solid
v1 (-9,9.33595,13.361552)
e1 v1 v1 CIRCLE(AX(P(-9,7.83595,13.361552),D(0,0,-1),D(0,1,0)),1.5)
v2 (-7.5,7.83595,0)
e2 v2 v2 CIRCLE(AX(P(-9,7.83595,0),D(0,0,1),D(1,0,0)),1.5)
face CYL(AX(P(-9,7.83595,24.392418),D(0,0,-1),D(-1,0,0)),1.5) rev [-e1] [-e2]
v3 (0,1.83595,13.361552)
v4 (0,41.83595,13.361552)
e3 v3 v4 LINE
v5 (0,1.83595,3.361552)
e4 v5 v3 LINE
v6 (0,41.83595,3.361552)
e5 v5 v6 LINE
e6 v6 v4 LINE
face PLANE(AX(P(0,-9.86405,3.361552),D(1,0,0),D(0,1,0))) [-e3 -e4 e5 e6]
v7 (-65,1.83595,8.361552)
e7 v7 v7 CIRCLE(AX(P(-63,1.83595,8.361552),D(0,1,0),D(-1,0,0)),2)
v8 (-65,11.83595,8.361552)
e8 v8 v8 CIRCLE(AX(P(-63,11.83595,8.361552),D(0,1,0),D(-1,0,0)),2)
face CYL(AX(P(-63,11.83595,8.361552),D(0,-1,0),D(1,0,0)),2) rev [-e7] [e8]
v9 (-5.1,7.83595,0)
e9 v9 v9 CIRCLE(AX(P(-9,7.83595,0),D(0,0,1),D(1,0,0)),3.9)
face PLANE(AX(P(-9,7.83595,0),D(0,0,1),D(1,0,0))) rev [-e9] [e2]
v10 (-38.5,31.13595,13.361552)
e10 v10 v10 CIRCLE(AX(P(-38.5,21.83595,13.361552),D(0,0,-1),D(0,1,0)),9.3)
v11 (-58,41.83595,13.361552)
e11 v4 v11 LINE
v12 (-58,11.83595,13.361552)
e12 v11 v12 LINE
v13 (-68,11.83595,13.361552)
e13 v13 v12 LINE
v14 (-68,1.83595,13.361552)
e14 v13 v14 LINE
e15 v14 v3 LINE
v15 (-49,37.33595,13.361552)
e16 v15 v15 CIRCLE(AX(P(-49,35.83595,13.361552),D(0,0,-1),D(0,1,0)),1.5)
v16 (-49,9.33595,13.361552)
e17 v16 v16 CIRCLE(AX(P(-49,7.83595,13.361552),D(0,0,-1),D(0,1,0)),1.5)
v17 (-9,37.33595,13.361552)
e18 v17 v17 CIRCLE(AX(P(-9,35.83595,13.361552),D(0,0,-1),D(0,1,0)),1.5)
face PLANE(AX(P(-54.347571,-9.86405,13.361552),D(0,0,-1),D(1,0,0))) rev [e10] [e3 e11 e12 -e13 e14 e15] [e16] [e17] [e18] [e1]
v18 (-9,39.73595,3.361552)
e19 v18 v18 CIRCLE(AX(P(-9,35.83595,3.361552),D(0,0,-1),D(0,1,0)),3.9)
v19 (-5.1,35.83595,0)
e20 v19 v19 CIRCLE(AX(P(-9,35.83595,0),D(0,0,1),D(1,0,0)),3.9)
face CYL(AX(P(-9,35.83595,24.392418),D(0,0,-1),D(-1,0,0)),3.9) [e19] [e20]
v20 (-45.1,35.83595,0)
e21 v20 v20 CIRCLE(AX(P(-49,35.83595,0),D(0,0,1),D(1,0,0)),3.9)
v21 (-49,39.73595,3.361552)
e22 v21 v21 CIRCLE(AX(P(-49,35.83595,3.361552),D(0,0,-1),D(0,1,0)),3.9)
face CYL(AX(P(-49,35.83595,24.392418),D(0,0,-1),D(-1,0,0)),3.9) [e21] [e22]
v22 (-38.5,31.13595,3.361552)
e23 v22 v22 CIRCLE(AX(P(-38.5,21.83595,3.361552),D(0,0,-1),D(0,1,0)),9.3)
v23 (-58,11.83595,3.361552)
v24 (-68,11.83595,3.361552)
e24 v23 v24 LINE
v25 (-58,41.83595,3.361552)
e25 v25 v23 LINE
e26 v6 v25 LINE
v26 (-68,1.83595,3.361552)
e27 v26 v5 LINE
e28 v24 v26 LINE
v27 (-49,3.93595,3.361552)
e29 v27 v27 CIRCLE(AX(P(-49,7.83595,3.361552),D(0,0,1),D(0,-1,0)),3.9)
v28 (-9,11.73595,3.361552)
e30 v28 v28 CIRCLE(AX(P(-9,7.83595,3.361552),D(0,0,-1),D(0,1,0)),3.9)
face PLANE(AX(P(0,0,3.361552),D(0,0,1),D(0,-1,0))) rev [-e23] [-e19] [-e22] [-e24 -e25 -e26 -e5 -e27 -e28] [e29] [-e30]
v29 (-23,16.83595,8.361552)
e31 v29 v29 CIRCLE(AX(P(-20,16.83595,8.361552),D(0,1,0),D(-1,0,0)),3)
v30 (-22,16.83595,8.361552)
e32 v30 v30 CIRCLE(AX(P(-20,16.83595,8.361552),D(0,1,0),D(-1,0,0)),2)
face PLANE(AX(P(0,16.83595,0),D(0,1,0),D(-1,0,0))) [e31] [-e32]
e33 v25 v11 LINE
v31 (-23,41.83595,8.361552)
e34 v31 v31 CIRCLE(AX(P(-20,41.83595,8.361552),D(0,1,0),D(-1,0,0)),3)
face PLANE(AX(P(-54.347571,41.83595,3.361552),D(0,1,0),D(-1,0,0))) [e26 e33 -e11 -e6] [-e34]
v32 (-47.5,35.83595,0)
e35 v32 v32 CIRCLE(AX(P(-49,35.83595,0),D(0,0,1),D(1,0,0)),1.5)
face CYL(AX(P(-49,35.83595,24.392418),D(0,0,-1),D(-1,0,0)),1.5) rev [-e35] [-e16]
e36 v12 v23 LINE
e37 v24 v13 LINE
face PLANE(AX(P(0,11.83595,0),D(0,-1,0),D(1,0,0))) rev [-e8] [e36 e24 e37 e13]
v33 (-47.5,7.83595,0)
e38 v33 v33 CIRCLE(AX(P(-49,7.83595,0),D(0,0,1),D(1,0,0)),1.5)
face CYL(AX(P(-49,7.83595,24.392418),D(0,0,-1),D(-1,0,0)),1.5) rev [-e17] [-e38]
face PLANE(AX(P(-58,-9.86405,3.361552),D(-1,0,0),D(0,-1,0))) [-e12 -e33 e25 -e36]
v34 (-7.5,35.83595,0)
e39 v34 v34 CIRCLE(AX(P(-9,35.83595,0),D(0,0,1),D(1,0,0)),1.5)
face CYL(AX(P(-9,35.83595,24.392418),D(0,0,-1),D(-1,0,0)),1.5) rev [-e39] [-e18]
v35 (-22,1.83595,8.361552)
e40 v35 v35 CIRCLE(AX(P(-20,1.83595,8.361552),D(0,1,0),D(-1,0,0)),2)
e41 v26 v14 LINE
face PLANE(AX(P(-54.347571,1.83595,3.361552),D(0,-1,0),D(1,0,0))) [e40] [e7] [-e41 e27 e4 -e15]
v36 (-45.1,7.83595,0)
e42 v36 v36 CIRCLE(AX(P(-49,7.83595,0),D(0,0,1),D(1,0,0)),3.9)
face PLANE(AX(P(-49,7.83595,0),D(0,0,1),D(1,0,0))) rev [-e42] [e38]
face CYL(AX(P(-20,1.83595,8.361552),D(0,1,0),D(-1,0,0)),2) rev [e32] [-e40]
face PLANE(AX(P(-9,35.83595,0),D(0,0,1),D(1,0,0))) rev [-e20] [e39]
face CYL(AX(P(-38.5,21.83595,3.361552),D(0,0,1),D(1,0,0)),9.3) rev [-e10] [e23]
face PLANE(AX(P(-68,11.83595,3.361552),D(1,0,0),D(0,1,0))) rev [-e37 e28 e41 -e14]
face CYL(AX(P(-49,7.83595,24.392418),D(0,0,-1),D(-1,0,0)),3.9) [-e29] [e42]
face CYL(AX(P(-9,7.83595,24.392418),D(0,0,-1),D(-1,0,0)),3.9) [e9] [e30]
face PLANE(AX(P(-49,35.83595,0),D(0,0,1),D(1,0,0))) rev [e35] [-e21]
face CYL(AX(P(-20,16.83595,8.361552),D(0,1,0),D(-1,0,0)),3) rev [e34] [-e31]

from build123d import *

# Parameters (mm, degrees)
SKETCH1_R             = 3.9
SKETCH1_R_2           = 1.5
BOSS_EXTRUDE1_DEPTH   = 13.361552014
BOSS_EXTRUDE1_2_DEPTH = 13.361552014
BOSS_EXTRUDE1_3_DEPTH = 13.361552014
BOSS_EXTRUDE1_4_DEPTH = 13.361552014
BOSS_EXTRUDE2_START   = 5.161552
SKETCH2_R             = 3.9
SKETCH2_R_2           = 9.3
BOSS_EXTRUDE2_DEPTH   = 10
CUT_EXTRUDE1_DEPTH    = 25
CUT_EXTRUDE2_DEPTH    = 72.711443105
SKETCH5_W             = 10
SKETCH5_H             = 10
SKETCH5_R             = 2
BOSS_EXTRUDE3_DEPTH   = 10


with BuildPart() as part:
    # Sketch1 → Boss-Extrude1 (new body)
    with BuildSketch(Plane.XY):
        with Locations(Location((-49, 7.83595021, 0), (0, 0, 90))):
            Circle(SKETCH1_R)
        with Locations(Location((-49, 7.83595021, 0), (0, 0, 90))):
            Circle(SKETCH1_R_2, mode=Mode.SUBTRACT)
    extrude(amount=BOSS_EXTRUDE1_DEPTH)



with BuildPart() as body_2:
    # Sketch1 → Boss-Extrude1 2 (new body)
    with BuildSketch(Plane.XY):
        with Locations(Location((-49, 35.83595021, 0), (0, 0, 90))):
            Circle(SKETCH1_R)
        with Locations(Location((-49, 35.83595021, 0), (0, 0, 90))):
            Circle(SKETCH1_R_2, mode=Mode.SUBTRACT)
    extrude(amount=BOSS_EXTRUDE1_2_DEPTH)


with BuildPart() as body_3:
    # Sketch1 → Boss-Extrude1 3 (new body)
    with BuildSketch(Plane.XY):
        with Locations(Location((-9, 35.83595021, 0), (0, 0, 90))):
            Circle(SKETCH1_R)
        with Locations(Location((-9, 35.83595021, 0), (0, 0, 90))):
            Circle(SKETCH1_R_2, mode=Mode.SUBTRACT)
    extrude(amount=BOSS_EXTRUDE1_3_DEPTH)


with BuildPart() as body_4:
    # Sketch1 → Boss-Extrude1 4 (new body)
    with BuildSketch(Plane.XY):
        with Locations(Location((-9, 7.83595021, 0), (0, 0, 90))):
            Circle(SKETCH1_R)
        with Locations(Location((-9, 7.83595021, 0), (0, 0, 90))):
            Circle(SKETCH1_R_2, mode=Mode.SUBTRACT)
    extrude(amount=BOSS_EXTRUDE1_4_DEPTH)


with BuildPart() as part_1:
    add(part.part)

    add(body_2.part)  # Boss-Extrude2 merges body 2

    add(body_3.part)  # Boss-Extrude2 merges body 3

    add(body_4.part)  # Boss-Extrude2 merges body 4
    # Sketch2 → Boss-Extrude2 (add)
    with BuildSketch(Plane.XY.offset(-1.8).offset(BOSS_EXTRUDE2_START)):
        Polygon((-58, 1.83595021), (0, 1.83595021), (0, 5.290014366), (0, 38.441339865), (0, 41.83595021), (-58, 41.83595021), align=None)
        with Locations(Location((-9, 35.83595021, 0), (0, 0, 90))):
            Circle(SKETCH2_R, mode=Mode.SUBTRACT)
        with Locations(Location((-49, 7.83595021, 0), (0, 0, 270))):
            Circle(SKETCH2_R, mode=Mode.SUBTRACT)
        with Locations(Location((-38.5, 21.83595021, 0), (0, 0, 90))):
            Circle(SKETCH2_R_2, mode=Mode.SUBTRACT)
        with Locations(Location((-49, 35.83595021, 0), (0, 0, 90))):
            Circle(SKETCH2_R, mode=Mode.SUBTRACT)
        with Locations(Location((-9, 7.83595021, 0), (0, 0, 90))):
            Circle(SKETCH2_R, mode=Mode.SUBTRACT)
    extrude(amount=BOSS_EXTRUDE2_DEPTH)

    # Sketch4 → Cut-Extrude1 (cut)
    with BuildSketch(Plane(origin=(0, 41.83595021, 0), x_dir=(1, 0, 0), z_dir=(0, 1, 0))):
        with BuildLine():
            ThreePointArc((-23, -8.361552014), (-20, -11.361552014), (-17, -8.361552014))
            Line((-17, -8.361552014), (-18, -8.361552014))
            ThreePointArc((-18, -8.361552014), (-20, -10.361552014), (-22, -8.361552014))
            Line((-22, -8.361552014), (-23, -8.361552014))
        make_face()
        with BuildLine():
            Line((-18, -8.361552014), (-17, -8.361552014))
            ThreePointArc((-17, -8.361552014), (-20, -5.361552014), (-23, -8.361552014))
            Line((-23, -8.361552014), (-22, -8.361552014))
            ThreePointArc((-22, -8.361552014), (-20, -6.361552014), (-18, -8.361552014))
        make_face()
        with BuildLine():
            ThreePointArc((-22, -8.361552014), (-20, -10.361552014), (-18, -8.361552014))
            Line((-18, -8.361552014), (-22, -8.361552014))
        make_face()
        with BuildLine():
            Line((-22, -8.361552014), (-18, -8.361552014))
            ThreePointArc((-18, -8.361552014), (-20, -6.361552014), (-22, -8.361552014))
        make_face()
    extrude(amount=-CUT_EXTRUDE1_DEPTH, mode=Mode.SUBTRACT)

    # Sketch4<3> → Cut-Extrude2 (cut, through all)
    with BuildSketch(Plane(origin=(0, 41.83595021, 0), x_dir=(1, 0, 0), z_dir=(0, 1, 0))):
        with BuildLine():
            ThreePointArc((-22, -8.361552014), (-20, -10.361552014), (-18, -8.361552014))
            Line((-18, -8.361552014), (-22, -8.361552014))
        make_face()
        with BuildLine():
            Line((-22, -8.361552014), (-18, -8.361552014))
            ThreePointArc((-18, -8.361552014), (-20, -6.361552014), (-22, -8.361552014))
        make_face()
    extrude(amount=-CUT_EXTRUDE2_DEPTH, mode=Mode.SUBTRACT)

    # Sketch5 → Boss-Extrude3 (add)
    with BuildSketch(Plane(origin=(0, 1.83595021, 0), x_dir=(1, 0, 0), z_dir=(0, 1, 0))):
        with Locations((-63, -8.361552014)):
            Rectangle(SKETCH5_W, SKETCH5_H)
        with Locations(Location((-63, -8.361552014, 0), (0, 0, 180))):
            Circle(SKETCH5_R, mode=Mode.SUBTRACT)
    extrude(amount=BOSS_EXTRUDE3_DEPTH)


solid = part_1.part
